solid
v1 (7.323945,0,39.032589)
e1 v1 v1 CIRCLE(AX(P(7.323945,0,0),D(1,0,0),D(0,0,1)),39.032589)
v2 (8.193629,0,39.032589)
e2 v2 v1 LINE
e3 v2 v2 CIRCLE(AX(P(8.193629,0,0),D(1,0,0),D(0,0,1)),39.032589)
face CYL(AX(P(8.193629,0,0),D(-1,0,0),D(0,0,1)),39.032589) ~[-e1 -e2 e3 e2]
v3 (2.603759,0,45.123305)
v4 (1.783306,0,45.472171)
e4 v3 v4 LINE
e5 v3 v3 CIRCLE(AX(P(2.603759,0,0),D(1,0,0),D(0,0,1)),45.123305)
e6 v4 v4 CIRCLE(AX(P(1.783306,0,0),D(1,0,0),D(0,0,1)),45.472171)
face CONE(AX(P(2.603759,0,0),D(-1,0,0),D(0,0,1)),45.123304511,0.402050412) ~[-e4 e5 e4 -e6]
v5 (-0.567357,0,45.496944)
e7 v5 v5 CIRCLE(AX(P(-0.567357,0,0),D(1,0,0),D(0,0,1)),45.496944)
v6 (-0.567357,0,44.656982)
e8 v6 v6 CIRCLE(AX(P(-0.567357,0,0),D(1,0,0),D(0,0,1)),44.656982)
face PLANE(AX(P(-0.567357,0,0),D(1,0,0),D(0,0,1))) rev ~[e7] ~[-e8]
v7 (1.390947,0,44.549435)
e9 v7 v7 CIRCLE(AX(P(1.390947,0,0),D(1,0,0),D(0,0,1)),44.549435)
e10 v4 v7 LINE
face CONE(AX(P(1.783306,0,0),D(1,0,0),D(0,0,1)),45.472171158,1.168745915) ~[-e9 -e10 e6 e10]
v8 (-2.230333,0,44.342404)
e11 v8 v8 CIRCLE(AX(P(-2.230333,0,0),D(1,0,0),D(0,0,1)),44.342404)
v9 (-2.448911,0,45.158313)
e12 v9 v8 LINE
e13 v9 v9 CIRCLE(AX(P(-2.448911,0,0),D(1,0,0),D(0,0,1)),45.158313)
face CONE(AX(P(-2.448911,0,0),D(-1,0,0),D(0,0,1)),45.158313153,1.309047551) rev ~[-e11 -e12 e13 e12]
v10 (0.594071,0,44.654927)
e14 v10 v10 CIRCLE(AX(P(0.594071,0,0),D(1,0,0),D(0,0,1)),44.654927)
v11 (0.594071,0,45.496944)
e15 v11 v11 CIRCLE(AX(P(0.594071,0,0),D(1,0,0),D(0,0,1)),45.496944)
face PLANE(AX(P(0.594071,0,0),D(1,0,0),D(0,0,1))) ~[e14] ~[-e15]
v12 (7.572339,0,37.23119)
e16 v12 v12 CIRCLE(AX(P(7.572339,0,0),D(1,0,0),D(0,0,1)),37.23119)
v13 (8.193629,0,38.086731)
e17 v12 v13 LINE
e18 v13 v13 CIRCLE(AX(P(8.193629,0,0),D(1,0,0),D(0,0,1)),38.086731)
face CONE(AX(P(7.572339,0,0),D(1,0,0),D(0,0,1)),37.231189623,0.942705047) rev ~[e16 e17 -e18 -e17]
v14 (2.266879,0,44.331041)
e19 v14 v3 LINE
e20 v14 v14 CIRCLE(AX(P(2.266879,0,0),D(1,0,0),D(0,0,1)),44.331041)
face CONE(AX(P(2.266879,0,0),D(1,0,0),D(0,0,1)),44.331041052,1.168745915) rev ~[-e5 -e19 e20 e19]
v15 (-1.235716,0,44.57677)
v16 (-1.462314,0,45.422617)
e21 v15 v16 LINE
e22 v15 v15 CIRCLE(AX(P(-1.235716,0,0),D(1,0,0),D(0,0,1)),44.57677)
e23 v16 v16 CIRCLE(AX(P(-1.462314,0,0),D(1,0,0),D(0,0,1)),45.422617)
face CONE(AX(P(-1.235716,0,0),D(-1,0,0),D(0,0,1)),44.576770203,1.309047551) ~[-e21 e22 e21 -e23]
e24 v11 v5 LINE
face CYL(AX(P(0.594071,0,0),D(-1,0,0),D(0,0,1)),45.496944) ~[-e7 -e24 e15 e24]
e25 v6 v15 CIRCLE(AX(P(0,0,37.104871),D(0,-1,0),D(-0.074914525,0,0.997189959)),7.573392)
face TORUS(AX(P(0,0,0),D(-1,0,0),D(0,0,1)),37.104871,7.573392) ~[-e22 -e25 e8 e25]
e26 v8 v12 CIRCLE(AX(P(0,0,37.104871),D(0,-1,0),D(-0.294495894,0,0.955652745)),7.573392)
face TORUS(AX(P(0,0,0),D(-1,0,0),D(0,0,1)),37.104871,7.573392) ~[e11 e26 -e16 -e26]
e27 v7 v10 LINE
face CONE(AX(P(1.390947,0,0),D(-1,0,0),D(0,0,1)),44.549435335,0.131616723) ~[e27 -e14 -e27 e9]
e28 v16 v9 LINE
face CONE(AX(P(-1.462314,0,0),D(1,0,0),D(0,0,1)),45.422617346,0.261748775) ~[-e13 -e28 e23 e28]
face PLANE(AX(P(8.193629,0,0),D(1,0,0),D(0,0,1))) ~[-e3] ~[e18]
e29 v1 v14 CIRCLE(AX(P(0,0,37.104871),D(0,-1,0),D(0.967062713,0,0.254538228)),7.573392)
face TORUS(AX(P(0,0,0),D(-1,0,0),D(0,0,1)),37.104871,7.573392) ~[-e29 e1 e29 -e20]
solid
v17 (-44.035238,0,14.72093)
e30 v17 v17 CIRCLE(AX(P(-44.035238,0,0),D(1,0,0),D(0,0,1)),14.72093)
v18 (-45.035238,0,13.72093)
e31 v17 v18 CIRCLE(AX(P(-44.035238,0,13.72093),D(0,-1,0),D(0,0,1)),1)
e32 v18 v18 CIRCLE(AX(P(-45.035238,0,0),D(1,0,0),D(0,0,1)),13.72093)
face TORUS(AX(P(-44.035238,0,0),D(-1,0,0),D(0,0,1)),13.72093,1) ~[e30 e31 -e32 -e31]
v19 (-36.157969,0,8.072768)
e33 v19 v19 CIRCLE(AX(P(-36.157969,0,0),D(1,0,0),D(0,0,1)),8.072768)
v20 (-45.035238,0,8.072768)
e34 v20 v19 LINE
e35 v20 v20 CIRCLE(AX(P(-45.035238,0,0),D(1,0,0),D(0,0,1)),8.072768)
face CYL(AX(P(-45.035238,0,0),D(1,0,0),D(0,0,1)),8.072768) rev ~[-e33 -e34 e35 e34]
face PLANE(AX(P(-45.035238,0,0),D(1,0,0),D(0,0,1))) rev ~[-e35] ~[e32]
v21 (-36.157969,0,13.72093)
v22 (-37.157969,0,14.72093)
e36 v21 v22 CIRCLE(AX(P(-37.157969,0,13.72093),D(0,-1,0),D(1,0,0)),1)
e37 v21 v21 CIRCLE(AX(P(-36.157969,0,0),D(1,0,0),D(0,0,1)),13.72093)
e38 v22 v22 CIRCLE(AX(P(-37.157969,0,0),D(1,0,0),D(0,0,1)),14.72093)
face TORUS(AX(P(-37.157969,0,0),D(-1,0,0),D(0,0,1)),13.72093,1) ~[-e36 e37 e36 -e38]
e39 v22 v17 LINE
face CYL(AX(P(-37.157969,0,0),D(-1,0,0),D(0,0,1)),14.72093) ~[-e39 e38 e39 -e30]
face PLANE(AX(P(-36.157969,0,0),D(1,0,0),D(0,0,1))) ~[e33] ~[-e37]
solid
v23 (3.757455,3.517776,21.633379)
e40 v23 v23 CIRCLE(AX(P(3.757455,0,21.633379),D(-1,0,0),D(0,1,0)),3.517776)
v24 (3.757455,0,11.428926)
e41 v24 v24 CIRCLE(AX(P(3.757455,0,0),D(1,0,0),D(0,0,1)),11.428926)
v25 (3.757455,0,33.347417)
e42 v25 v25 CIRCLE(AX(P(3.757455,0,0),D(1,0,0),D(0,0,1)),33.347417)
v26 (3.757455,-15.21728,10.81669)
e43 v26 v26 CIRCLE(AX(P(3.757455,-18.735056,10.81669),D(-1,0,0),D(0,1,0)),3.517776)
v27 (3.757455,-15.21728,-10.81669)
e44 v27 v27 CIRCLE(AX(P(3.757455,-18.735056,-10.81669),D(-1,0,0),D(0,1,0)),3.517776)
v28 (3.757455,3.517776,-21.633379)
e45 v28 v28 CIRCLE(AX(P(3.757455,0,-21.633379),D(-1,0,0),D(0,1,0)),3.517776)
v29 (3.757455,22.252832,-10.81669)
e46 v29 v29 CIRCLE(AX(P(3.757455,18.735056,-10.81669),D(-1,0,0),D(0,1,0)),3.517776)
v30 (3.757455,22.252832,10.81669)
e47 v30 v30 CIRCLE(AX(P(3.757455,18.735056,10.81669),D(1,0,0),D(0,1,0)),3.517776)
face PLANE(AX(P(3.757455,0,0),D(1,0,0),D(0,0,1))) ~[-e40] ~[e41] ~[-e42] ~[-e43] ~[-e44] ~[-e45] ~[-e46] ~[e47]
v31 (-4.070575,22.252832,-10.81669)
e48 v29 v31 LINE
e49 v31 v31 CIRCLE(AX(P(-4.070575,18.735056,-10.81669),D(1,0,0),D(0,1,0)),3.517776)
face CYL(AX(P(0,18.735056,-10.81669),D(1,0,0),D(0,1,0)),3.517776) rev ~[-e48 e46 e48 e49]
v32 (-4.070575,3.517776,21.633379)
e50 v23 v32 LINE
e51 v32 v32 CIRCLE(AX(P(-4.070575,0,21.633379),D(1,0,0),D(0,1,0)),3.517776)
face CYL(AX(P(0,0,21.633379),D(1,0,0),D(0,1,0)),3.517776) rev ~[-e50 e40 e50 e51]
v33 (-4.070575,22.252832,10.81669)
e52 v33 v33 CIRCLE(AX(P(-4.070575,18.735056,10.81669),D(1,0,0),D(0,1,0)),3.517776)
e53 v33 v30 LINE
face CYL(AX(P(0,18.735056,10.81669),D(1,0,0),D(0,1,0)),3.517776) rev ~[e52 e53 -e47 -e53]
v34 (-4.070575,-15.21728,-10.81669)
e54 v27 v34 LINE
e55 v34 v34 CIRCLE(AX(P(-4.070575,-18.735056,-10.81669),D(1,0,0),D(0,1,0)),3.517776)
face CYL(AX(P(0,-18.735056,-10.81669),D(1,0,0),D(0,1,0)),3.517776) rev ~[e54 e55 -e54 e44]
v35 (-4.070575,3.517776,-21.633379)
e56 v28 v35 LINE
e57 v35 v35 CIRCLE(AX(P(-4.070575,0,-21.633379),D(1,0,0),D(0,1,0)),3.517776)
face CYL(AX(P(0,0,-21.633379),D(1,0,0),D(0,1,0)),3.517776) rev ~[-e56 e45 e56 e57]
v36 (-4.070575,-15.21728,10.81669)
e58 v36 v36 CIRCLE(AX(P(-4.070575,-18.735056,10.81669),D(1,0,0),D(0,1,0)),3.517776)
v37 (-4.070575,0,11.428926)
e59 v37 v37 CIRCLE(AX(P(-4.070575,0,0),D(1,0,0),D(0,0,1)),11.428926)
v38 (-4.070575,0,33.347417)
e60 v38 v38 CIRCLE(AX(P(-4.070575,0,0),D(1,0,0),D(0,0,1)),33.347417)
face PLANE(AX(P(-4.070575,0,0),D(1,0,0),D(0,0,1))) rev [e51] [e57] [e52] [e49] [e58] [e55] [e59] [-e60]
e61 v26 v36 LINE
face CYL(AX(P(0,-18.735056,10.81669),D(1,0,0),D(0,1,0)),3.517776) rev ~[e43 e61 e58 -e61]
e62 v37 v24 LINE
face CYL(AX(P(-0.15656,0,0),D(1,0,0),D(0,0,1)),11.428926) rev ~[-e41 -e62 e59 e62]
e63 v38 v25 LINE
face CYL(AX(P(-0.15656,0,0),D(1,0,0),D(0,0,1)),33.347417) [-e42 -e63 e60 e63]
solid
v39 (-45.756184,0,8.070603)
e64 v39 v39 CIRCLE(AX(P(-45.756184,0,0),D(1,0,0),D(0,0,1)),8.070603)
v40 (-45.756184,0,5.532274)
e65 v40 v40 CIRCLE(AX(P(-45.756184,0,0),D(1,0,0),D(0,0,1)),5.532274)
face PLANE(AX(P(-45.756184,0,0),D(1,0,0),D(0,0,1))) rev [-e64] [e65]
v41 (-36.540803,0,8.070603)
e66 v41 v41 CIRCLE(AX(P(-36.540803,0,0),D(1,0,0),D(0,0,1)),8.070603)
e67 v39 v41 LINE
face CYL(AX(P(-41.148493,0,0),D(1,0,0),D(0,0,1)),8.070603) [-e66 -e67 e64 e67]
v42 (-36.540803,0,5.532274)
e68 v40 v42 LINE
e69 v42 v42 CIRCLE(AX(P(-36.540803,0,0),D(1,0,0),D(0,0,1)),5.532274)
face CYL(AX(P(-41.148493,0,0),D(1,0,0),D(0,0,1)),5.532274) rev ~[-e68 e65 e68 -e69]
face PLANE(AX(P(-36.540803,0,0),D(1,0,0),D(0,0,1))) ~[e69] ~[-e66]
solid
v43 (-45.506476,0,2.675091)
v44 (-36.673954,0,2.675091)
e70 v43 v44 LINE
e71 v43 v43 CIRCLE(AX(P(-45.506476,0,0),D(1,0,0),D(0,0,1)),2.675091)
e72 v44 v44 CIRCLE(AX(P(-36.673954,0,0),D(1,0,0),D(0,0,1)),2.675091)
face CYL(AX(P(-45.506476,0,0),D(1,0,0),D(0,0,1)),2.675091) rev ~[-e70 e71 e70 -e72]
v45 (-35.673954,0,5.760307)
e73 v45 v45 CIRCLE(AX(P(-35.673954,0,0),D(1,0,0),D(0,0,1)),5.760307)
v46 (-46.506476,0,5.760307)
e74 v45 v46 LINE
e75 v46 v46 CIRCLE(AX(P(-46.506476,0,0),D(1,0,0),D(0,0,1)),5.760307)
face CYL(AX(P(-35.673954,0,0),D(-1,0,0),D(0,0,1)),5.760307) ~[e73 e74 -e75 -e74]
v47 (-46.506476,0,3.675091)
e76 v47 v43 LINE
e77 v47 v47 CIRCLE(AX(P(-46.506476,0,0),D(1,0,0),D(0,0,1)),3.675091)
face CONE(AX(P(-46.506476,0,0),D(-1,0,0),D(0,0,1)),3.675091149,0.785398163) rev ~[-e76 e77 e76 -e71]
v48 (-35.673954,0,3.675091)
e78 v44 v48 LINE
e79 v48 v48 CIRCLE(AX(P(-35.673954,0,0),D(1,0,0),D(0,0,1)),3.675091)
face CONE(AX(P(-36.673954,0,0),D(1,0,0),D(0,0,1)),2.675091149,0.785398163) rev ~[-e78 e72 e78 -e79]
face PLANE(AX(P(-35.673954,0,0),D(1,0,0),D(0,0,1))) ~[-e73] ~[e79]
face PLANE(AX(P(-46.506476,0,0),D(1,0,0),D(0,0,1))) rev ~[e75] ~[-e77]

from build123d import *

# Parameters (mm, degrees)
F2_W     = 7.8280302696
F2_H     = 21.9184905291
F4_R     = 3.5177761261
F5_DEPTH = 12.5
F8_W     = 9.2153809965
F8_H     = 2.538329456


with BuildPart() as f1:
    # F0 (on Front) → F1 (revolve)
    with BuildSketch(Plane.XZ):
        with BuildLine():
            Line((-2.448910804, 45.1583131531), (-2.2303329262, 44.3424042299))
            ThreePointArc((-2.2303329262, 44.3424042299), (-4.4470889171, 30.9746451426), (7.5723387442, 37.2311896229))
            Line((7.5723387442, 37.2311896229), (8.1936289268, 38.0867309868))
            Line((8.1936289268, 38.0867309868), (8.1936289268, 39.0325889687))
            Line((8.1936289268, 39.0325889687), (7.3239452709, 39.0325889687))
            ThreePointArc((7.3239452709, 39.0325889687), (5.4785376023, 42.3338190258), (2.2668786022, 44.3310410516))
            Line((2.2668786022, 44.3310410516), (2.603758731, 45.1233045113))
            Line((2.603758731, 45.1233045113), (1.7833057791, 45.4721711576))
            Line((1.7833057791, 45.4721711576), (1.3909472033, 44.5494353354))
            Line((1.3909472033, 44.5494353354), (0.5940709962, 44.6549274199))
            Line((0.5940709962, 44.6549274199), (0.5940709962, 45.4969443788))
            Line((0.5940709962, 45.4969443788), (-0.5673570863, 45.4969443788))
            Line((-0.5673570863, 45.4969443788), (-0.5673570863, 44.656981846))
            ThreePointArc((-0.5673570863, 44.656981846), (-0.9024282868, 44.6243055181), (-1.2357162187, 44.576770203))
            Line((-1.2357162187, 44.576770203), (-1.4623143943, 45.422617346))
            Line((-1.4623143943, 45.422617346), (-2.448910804, 45.1583131531))
        make_face()
    revolve(axis=Axis((21.7619277537, 0, 0), (1, 0, 0)))


with BuildPart() as f3:
    # F2 (on Front) → F3 (revolve)
    with BuildSketch(Plane.XZ):
        with Locations((-0.1565602142, 22.3881714046)):
            Rectangle(F2_W, F2_H)
    revolve(axis=Axis((21.7619277537, 0, 0), (1, 0, 0)))

    # F4 (on Right) → F5 (cut, symmetric)
    with BuildSketch(Plane.YZ):
        with Locations((0, 21.6333791614)):
            Circle(F4_R)
        with Locations((-18.7350559234, 10.8166895807)):
            Circle(F4_R)
        with Locations((-18.7350559234, -10.8166895807)):
            Circle(F4_R)
        with Locations((0, -21.6333791614)):
            Circle(F4_R)
        with Locations((18.7350559234, -10.8166895807)):
            Circle(F4_R)
        with Locations((18.7350559234, 10.8166895807)):
            Circle(F4_R)
    extrude(amount=F5_DEPTH, both=True, mode=Mode.SUBTRACT)


with BuildPart() as f7:
    # F6 (on Front) → F7 (revolve)
    with BuildSketch(Plane.XZ):
        with BuildLine():
            Line((-37.1579693854, 14.7209297866), (-44.0352376103, 14.7209297866))
            ThreePointArc((-44.0352376103, 14.7209297866), (-44.7423443915, 14.4280365677), (-45.0352376103, 13.7209297866))
            Line((-45.0352376103, 13.7209297866), (-45.0352376103, 8.072768338))
            Line((-45.0352376103, 8.072768338), (-36.1579693854, 8.072768338))
            Line((-36.1579693854, 8.072768338), (-36.1579693854, 13.7209297866))
            ThreePointArc((-36.1579693854, 13.7209297866), (-36.4508626042, 14.4280365677), (-37.1579693854, 14.7209297866))
        make_face()
    revolve(axis=Axis((21.7619277537, 0, 0), (1, 0, 0)))


with BuildPart() as f9:
    # F8 (on face) → F9 (revolve)
    with BuildSketch(Plane.XZ):
        with Locations((-41.1484930664, 6.801438285)):
            Rectangle(F8_W, F8_H)
    revolve(axis=Axis((21.7619277537, 0, 0), (1, 0, 0)))


with BuildPart() as f11:
    # F10 (on face) → F11 (revolve)
    with BuildSketch(Plane.XZ):
        Polygon((-35.6739535928, 5.7603069581), (-46.5064756572, 5.7603069581), (-46.5064756572, 3.6750911493), (-45.5064756572, 2.6750911493), (-36.6739535928, 2.6750911493), (-35.6739535928, 3.6750911493), align=None)
    revolve(axis=Axis((21.7619277537, 0, 0), (1, 0, 0)))


solid = Compound([f1.part, f3.part, f7.part, f9.part, f11.part])
